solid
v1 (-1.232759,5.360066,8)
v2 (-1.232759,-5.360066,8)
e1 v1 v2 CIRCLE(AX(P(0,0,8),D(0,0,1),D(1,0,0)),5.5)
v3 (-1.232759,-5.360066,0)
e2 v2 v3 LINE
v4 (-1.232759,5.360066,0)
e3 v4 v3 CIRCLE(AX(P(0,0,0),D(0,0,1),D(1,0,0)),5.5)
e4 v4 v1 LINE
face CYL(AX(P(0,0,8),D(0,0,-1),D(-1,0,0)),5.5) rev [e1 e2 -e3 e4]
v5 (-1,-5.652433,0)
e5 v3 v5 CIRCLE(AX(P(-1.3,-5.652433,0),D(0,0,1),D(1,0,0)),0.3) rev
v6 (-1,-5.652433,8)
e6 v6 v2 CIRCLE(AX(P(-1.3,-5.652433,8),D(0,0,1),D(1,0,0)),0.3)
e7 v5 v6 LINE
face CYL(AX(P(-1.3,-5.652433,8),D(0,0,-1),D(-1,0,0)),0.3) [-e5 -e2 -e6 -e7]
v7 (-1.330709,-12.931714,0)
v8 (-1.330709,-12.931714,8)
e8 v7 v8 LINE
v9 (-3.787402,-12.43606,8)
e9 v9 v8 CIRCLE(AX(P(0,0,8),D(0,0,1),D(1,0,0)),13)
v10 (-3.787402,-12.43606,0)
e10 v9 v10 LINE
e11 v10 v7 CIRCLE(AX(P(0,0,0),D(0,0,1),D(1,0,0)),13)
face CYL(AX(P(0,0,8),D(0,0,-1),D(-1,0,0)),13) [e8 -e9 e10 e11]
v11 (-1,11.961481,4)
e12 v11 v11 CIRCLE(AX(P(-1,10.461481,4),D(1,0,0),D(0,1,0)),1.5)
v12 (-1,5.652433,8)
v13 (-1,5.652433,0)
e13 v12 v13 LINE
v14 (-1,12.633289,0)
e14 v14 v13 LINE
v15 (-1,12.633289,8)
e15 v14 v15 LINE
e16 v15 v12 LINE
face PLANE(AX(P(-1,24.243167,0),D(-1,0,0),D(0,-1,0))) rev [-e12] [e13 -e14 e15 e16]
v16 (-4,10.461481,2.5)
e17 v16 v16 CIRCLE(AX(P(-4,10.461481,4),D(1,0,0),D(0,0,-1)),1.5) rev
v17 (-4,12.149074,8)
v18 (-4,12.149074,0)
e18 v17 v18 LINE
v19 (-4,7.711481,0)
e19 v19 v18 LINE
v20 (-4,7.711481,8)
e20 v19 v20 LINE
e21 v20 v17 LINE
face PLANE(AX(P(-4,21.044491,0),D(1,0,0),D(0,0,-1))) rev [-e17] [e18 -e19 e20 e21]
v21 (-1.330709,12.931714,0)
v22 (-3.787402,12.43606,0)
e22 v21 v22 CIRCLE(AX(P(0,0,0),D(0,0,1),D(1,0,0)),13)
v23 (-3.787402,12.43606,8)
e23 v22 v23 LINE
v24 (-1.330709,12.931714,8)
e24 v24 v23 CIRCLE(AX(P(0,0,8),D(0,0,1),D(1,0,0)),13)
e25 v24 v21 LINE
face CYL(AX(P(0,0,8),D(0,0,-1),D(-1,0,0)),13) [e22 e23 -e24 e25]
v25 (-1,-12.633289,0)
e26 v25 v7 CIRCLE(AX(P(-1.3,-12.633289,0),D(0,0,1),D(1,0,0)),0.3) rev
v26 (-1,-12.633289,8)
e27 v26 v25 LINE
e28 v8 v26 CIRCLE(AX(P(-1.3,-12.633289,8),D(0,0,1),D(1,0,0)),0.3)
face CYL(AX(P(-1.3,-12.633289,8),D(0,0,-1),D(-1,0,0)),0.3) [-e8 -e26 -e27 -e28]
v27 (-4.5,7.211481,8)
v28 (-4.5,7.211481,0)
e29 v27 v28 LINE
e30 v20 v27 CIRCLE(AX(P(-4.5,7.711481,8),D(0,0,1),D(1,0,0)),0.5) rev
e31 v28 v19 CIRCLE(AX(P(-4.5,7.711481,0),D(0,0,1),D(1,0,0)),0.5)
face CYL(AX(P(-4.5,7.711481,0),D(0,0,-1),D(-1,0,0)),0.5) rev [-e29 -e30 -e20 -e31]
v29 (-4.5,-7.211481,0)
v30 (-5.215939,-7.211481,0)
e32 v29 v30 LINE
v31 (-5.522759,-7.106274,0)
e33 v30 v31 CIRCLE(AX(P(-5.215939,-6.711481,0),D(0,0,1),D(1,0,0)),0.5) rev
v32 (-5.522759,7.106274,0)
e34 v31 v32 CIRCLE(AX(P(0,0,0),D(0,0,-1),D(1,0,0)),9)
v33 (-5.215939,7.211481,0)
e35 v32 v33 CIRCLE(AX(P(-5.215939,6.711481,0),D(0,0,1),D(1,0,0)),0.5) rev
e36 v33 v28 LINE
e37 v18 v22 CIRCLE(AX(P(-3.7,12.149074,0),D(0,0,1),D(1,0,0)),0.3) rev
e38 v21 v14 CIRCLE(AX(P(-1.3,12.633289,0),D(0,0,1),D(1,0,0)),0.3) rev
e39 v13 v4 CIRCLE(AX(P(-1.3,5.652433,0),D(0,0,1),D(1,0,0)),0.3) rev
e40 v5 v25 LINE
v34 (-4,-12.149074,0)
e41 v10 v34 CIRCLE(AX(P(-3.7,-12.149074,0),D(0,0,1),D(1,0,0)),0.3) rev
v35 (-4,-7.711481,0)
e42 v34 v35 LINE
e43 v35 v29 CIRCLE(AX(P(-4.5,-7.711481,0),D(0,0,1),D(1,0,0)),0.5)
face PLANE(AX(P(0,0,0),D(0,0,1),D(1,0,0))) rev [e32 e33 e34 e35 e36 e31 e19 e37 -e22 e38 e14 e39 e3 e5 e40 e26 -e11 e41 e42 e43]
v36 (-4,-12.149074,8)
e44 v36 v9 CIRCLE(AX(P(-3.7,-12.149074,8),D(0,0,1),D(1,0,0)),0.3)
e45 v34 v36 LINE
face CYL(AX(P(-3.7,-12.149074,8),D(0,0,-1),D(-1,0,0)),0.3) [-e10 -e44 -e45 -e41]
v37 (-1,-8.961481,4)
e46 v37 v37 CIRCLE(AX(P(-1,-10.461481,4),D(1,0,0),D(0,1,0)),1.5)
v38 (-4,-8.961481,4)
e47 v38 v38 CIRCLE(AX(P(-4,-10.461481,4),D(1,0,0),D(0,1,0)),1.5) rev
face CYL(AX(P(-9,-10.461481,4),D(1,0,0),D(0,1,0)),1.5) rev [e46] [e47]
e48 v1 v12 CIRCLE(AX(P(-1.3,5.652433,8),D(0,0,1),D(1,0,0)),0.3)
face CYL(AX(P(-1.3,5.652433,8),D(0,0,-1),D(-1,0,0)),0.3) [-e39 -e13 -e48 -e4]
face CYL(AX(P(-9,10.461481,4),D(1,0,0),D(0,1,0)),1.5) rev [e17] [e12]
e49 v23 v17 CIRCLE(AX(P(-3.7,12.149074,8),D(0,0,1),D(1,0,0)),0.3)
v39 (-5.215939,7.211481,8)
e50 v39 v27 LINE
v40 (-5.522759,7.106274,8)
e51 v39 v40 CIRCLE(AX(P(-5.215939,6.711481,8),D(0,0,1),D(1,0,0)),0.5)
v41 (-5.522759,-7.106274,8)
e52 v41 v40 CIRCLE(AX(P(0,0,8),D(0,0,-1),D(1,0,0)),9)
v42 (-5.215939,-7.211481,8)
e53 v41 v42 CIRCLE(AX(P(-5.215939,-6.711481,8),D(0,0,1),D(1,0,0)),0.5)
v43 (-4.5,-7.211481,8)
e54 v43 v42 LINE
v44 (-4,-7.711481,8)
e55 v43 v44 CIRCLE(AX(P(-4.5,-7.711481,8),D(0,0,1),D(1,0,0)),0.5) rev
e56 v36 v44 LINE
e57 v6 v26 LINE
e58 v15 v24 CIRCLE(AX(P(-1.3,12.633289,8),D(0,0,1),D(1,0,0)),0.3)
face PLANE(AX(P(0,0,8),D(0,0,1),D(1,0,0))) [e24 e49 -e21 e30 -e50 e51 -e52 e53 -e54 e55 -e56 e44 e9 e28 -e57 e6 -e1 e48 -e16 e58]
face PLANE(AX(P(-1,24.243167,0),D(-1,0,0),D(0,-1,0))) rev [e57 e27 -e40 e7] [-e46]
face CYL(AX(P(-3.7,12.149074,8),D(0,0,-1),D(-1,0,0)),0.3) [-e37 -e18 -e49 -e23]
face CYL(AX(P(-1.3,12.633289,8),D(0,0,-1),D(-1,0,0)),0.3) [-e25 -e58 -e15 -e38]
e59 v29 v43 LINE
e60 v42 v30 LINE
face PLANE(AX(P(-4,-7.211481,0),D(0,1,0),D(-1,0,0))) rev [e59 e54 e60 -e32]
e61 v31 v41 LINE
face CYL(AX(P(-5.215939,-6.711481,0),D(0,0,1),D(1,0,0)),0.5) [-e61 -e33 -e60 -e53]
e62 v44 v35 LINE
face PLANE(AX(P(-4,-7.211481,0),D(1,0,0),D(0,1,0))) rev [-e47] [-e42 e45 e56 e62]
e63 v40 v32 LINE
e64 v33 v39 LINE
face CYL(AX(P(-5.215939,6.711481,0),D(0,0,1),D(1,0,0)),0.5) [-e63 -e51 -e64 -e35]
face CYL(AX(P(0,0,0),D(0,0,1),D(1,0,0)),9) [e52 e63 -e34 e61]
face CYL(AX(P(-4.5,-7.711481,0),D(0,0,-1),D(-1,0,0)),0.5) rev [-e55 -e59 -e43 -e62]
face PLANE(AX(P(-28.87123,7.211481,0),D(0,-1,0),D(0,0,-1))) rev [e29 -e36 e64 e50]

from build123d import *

# Parameters (mm, degrees)
ESQUISSE1_R             = 13
ESQUISSE1_R_2           = 5.5
BOSS_EXTRU_1_DEPTH      = 8
ESQUISSE2_W             = 32.31004566
ESQUISSE2_H             = 49.818141682
ENL_V_MAT_EXTRU_1_DEPTH = 8
ESQUISSE3_R             = 1.5
ENL_V_MAT_EXTRU_2_DEPTH = 8
ESQUISSE4_W             = 24.87123002
ESQUISSE4_H             = 13.833010023
ESQUISSE4_W_2           = 23.432073676
ESQUISSE4_H_2           = 10.309386407
ENL_V_MAT_EXTRU_3_DEPTH = 8
ENL_V_MAT_EXTRU_4_DEPTH = 8
CONG_1_R                = 0.5
CONG_3_R                = 0.3
CONG_4_R                = 0.5


with BuildPart() as part:
    # Esquisse1 → Boss.-Extru.1 (new body)
    with BuildSketch(Plane.XY):
        Circle(ESQUISSE1_R)
        Circle(ESQUISSE1_R_2, mode=Mode.SUBTRACT)
    extrude(amount=BOSS_EXTRU_1_DEPTH)

    # Esquisse2 → Enlèv. mat.-Extru.1 (cut)
    with BuildSketch(Plane.XY.offset(8)):
        with Locations((15.15502283, -0.665904075)):
            Rectangle(ESQUISSE2_W, ESQUISSE2_H)
    extrude(amount=-ENL_V_MAT_EXTRU_1_DEPTH, mode=Mode.SUBTRACT)

    # Esquisse3 → Enlèv. mat.-Extru.2 (cut)
    with BuildSketch(Plane(origin=(-1, 0, 0), x_dir=(0, 0, -1), z_dir=(1, 0, 0))):
        with Locations((-4, 10.461481397)):
            Circle(ESQUISSE3_R)
        with Locations((-4, -10.461481397)):
            Circle(ESQUISSE3_R)
    extrude(amount=-ENL_V_MAT_EXTRU_2_DEPTH, mode=Mode.SUBTRACT)

    # Esquisse4 → Enlèv. mat.-Extru.3 (cut)
    with BuildSketch(Plane.XY.offset(8)):
        with Locations((-16.43561501, 14.127986408)):
            Rectangle(ESQUISSE4_W, ESQUISSE4_H)
        with Locations((-15.716036838, -12.366174601)):
            Rectangle(ESQUISSE4_W_2, ESQUISSE4_H_2)
    extrude(amount=-ENL_V_MAT_EXTRU_3_DEPTH, mode=Mode.SUBTRACT)

    # Esquisse6 → Enlèv. mat.-Extru.4 (cut)
    with BuildSketch(Plane.XY.offset(8)):
        with BuildLine():
            Line((-15.190239973, -9.672332462), (-4.630180203, -7.717605282))
            ThreePointArc((-4.630180203, -7.717605282), (-8.999645968, -0.079827604), (-4.766352493, 7.63425726))
            Line((-4.766352493, 7.63425726), (-11.634503641, 11.269457117))
            ThreePointArc((-11.634503641, 11.269457117), (-18.222154917, 1.615222264), (-15.190239973, -9.672332462))
        make_face()
    extrude(amount=-ENL_V_MAT_EXTRU_4_DEPTH, mode=Mode.SUBTRACT)

    # Congé1
    cong_1_edges = [part.edges().sort_by_distance(p)[0] for p in [
        (-4, 7.211481397, 4),
        (-4, -7.211481397, 4),
    ]]
    fillet(cong_1_edges, radius=CONG_1_R)

    # Congé3
    cong_3_edges = [part.edges().sort_by_distance(p)[0] for p in [
        (-1, -5.408326913, 4),
        (-1, 5.408326913, 4),
        (-1, 12.961481397, 4),
        (-1, -12.961481397, 4),
        (-4, 12.369316877, 4),
        (-4, -12.369316877, 4),
    ]]
    fillet(cong_3_edges, radius=CONG_3_R)

    # Congé4
    cong_4_edges = [part.edges().sort_by_distance(p)[0] for p in [
        (-5.384657469, 7.211481397, 4),
        (-5.384657469, -7.211481397, 4),
    ]]
    fillet(cong_4_edges, radius=CONG_4_R)


solid = part.part
